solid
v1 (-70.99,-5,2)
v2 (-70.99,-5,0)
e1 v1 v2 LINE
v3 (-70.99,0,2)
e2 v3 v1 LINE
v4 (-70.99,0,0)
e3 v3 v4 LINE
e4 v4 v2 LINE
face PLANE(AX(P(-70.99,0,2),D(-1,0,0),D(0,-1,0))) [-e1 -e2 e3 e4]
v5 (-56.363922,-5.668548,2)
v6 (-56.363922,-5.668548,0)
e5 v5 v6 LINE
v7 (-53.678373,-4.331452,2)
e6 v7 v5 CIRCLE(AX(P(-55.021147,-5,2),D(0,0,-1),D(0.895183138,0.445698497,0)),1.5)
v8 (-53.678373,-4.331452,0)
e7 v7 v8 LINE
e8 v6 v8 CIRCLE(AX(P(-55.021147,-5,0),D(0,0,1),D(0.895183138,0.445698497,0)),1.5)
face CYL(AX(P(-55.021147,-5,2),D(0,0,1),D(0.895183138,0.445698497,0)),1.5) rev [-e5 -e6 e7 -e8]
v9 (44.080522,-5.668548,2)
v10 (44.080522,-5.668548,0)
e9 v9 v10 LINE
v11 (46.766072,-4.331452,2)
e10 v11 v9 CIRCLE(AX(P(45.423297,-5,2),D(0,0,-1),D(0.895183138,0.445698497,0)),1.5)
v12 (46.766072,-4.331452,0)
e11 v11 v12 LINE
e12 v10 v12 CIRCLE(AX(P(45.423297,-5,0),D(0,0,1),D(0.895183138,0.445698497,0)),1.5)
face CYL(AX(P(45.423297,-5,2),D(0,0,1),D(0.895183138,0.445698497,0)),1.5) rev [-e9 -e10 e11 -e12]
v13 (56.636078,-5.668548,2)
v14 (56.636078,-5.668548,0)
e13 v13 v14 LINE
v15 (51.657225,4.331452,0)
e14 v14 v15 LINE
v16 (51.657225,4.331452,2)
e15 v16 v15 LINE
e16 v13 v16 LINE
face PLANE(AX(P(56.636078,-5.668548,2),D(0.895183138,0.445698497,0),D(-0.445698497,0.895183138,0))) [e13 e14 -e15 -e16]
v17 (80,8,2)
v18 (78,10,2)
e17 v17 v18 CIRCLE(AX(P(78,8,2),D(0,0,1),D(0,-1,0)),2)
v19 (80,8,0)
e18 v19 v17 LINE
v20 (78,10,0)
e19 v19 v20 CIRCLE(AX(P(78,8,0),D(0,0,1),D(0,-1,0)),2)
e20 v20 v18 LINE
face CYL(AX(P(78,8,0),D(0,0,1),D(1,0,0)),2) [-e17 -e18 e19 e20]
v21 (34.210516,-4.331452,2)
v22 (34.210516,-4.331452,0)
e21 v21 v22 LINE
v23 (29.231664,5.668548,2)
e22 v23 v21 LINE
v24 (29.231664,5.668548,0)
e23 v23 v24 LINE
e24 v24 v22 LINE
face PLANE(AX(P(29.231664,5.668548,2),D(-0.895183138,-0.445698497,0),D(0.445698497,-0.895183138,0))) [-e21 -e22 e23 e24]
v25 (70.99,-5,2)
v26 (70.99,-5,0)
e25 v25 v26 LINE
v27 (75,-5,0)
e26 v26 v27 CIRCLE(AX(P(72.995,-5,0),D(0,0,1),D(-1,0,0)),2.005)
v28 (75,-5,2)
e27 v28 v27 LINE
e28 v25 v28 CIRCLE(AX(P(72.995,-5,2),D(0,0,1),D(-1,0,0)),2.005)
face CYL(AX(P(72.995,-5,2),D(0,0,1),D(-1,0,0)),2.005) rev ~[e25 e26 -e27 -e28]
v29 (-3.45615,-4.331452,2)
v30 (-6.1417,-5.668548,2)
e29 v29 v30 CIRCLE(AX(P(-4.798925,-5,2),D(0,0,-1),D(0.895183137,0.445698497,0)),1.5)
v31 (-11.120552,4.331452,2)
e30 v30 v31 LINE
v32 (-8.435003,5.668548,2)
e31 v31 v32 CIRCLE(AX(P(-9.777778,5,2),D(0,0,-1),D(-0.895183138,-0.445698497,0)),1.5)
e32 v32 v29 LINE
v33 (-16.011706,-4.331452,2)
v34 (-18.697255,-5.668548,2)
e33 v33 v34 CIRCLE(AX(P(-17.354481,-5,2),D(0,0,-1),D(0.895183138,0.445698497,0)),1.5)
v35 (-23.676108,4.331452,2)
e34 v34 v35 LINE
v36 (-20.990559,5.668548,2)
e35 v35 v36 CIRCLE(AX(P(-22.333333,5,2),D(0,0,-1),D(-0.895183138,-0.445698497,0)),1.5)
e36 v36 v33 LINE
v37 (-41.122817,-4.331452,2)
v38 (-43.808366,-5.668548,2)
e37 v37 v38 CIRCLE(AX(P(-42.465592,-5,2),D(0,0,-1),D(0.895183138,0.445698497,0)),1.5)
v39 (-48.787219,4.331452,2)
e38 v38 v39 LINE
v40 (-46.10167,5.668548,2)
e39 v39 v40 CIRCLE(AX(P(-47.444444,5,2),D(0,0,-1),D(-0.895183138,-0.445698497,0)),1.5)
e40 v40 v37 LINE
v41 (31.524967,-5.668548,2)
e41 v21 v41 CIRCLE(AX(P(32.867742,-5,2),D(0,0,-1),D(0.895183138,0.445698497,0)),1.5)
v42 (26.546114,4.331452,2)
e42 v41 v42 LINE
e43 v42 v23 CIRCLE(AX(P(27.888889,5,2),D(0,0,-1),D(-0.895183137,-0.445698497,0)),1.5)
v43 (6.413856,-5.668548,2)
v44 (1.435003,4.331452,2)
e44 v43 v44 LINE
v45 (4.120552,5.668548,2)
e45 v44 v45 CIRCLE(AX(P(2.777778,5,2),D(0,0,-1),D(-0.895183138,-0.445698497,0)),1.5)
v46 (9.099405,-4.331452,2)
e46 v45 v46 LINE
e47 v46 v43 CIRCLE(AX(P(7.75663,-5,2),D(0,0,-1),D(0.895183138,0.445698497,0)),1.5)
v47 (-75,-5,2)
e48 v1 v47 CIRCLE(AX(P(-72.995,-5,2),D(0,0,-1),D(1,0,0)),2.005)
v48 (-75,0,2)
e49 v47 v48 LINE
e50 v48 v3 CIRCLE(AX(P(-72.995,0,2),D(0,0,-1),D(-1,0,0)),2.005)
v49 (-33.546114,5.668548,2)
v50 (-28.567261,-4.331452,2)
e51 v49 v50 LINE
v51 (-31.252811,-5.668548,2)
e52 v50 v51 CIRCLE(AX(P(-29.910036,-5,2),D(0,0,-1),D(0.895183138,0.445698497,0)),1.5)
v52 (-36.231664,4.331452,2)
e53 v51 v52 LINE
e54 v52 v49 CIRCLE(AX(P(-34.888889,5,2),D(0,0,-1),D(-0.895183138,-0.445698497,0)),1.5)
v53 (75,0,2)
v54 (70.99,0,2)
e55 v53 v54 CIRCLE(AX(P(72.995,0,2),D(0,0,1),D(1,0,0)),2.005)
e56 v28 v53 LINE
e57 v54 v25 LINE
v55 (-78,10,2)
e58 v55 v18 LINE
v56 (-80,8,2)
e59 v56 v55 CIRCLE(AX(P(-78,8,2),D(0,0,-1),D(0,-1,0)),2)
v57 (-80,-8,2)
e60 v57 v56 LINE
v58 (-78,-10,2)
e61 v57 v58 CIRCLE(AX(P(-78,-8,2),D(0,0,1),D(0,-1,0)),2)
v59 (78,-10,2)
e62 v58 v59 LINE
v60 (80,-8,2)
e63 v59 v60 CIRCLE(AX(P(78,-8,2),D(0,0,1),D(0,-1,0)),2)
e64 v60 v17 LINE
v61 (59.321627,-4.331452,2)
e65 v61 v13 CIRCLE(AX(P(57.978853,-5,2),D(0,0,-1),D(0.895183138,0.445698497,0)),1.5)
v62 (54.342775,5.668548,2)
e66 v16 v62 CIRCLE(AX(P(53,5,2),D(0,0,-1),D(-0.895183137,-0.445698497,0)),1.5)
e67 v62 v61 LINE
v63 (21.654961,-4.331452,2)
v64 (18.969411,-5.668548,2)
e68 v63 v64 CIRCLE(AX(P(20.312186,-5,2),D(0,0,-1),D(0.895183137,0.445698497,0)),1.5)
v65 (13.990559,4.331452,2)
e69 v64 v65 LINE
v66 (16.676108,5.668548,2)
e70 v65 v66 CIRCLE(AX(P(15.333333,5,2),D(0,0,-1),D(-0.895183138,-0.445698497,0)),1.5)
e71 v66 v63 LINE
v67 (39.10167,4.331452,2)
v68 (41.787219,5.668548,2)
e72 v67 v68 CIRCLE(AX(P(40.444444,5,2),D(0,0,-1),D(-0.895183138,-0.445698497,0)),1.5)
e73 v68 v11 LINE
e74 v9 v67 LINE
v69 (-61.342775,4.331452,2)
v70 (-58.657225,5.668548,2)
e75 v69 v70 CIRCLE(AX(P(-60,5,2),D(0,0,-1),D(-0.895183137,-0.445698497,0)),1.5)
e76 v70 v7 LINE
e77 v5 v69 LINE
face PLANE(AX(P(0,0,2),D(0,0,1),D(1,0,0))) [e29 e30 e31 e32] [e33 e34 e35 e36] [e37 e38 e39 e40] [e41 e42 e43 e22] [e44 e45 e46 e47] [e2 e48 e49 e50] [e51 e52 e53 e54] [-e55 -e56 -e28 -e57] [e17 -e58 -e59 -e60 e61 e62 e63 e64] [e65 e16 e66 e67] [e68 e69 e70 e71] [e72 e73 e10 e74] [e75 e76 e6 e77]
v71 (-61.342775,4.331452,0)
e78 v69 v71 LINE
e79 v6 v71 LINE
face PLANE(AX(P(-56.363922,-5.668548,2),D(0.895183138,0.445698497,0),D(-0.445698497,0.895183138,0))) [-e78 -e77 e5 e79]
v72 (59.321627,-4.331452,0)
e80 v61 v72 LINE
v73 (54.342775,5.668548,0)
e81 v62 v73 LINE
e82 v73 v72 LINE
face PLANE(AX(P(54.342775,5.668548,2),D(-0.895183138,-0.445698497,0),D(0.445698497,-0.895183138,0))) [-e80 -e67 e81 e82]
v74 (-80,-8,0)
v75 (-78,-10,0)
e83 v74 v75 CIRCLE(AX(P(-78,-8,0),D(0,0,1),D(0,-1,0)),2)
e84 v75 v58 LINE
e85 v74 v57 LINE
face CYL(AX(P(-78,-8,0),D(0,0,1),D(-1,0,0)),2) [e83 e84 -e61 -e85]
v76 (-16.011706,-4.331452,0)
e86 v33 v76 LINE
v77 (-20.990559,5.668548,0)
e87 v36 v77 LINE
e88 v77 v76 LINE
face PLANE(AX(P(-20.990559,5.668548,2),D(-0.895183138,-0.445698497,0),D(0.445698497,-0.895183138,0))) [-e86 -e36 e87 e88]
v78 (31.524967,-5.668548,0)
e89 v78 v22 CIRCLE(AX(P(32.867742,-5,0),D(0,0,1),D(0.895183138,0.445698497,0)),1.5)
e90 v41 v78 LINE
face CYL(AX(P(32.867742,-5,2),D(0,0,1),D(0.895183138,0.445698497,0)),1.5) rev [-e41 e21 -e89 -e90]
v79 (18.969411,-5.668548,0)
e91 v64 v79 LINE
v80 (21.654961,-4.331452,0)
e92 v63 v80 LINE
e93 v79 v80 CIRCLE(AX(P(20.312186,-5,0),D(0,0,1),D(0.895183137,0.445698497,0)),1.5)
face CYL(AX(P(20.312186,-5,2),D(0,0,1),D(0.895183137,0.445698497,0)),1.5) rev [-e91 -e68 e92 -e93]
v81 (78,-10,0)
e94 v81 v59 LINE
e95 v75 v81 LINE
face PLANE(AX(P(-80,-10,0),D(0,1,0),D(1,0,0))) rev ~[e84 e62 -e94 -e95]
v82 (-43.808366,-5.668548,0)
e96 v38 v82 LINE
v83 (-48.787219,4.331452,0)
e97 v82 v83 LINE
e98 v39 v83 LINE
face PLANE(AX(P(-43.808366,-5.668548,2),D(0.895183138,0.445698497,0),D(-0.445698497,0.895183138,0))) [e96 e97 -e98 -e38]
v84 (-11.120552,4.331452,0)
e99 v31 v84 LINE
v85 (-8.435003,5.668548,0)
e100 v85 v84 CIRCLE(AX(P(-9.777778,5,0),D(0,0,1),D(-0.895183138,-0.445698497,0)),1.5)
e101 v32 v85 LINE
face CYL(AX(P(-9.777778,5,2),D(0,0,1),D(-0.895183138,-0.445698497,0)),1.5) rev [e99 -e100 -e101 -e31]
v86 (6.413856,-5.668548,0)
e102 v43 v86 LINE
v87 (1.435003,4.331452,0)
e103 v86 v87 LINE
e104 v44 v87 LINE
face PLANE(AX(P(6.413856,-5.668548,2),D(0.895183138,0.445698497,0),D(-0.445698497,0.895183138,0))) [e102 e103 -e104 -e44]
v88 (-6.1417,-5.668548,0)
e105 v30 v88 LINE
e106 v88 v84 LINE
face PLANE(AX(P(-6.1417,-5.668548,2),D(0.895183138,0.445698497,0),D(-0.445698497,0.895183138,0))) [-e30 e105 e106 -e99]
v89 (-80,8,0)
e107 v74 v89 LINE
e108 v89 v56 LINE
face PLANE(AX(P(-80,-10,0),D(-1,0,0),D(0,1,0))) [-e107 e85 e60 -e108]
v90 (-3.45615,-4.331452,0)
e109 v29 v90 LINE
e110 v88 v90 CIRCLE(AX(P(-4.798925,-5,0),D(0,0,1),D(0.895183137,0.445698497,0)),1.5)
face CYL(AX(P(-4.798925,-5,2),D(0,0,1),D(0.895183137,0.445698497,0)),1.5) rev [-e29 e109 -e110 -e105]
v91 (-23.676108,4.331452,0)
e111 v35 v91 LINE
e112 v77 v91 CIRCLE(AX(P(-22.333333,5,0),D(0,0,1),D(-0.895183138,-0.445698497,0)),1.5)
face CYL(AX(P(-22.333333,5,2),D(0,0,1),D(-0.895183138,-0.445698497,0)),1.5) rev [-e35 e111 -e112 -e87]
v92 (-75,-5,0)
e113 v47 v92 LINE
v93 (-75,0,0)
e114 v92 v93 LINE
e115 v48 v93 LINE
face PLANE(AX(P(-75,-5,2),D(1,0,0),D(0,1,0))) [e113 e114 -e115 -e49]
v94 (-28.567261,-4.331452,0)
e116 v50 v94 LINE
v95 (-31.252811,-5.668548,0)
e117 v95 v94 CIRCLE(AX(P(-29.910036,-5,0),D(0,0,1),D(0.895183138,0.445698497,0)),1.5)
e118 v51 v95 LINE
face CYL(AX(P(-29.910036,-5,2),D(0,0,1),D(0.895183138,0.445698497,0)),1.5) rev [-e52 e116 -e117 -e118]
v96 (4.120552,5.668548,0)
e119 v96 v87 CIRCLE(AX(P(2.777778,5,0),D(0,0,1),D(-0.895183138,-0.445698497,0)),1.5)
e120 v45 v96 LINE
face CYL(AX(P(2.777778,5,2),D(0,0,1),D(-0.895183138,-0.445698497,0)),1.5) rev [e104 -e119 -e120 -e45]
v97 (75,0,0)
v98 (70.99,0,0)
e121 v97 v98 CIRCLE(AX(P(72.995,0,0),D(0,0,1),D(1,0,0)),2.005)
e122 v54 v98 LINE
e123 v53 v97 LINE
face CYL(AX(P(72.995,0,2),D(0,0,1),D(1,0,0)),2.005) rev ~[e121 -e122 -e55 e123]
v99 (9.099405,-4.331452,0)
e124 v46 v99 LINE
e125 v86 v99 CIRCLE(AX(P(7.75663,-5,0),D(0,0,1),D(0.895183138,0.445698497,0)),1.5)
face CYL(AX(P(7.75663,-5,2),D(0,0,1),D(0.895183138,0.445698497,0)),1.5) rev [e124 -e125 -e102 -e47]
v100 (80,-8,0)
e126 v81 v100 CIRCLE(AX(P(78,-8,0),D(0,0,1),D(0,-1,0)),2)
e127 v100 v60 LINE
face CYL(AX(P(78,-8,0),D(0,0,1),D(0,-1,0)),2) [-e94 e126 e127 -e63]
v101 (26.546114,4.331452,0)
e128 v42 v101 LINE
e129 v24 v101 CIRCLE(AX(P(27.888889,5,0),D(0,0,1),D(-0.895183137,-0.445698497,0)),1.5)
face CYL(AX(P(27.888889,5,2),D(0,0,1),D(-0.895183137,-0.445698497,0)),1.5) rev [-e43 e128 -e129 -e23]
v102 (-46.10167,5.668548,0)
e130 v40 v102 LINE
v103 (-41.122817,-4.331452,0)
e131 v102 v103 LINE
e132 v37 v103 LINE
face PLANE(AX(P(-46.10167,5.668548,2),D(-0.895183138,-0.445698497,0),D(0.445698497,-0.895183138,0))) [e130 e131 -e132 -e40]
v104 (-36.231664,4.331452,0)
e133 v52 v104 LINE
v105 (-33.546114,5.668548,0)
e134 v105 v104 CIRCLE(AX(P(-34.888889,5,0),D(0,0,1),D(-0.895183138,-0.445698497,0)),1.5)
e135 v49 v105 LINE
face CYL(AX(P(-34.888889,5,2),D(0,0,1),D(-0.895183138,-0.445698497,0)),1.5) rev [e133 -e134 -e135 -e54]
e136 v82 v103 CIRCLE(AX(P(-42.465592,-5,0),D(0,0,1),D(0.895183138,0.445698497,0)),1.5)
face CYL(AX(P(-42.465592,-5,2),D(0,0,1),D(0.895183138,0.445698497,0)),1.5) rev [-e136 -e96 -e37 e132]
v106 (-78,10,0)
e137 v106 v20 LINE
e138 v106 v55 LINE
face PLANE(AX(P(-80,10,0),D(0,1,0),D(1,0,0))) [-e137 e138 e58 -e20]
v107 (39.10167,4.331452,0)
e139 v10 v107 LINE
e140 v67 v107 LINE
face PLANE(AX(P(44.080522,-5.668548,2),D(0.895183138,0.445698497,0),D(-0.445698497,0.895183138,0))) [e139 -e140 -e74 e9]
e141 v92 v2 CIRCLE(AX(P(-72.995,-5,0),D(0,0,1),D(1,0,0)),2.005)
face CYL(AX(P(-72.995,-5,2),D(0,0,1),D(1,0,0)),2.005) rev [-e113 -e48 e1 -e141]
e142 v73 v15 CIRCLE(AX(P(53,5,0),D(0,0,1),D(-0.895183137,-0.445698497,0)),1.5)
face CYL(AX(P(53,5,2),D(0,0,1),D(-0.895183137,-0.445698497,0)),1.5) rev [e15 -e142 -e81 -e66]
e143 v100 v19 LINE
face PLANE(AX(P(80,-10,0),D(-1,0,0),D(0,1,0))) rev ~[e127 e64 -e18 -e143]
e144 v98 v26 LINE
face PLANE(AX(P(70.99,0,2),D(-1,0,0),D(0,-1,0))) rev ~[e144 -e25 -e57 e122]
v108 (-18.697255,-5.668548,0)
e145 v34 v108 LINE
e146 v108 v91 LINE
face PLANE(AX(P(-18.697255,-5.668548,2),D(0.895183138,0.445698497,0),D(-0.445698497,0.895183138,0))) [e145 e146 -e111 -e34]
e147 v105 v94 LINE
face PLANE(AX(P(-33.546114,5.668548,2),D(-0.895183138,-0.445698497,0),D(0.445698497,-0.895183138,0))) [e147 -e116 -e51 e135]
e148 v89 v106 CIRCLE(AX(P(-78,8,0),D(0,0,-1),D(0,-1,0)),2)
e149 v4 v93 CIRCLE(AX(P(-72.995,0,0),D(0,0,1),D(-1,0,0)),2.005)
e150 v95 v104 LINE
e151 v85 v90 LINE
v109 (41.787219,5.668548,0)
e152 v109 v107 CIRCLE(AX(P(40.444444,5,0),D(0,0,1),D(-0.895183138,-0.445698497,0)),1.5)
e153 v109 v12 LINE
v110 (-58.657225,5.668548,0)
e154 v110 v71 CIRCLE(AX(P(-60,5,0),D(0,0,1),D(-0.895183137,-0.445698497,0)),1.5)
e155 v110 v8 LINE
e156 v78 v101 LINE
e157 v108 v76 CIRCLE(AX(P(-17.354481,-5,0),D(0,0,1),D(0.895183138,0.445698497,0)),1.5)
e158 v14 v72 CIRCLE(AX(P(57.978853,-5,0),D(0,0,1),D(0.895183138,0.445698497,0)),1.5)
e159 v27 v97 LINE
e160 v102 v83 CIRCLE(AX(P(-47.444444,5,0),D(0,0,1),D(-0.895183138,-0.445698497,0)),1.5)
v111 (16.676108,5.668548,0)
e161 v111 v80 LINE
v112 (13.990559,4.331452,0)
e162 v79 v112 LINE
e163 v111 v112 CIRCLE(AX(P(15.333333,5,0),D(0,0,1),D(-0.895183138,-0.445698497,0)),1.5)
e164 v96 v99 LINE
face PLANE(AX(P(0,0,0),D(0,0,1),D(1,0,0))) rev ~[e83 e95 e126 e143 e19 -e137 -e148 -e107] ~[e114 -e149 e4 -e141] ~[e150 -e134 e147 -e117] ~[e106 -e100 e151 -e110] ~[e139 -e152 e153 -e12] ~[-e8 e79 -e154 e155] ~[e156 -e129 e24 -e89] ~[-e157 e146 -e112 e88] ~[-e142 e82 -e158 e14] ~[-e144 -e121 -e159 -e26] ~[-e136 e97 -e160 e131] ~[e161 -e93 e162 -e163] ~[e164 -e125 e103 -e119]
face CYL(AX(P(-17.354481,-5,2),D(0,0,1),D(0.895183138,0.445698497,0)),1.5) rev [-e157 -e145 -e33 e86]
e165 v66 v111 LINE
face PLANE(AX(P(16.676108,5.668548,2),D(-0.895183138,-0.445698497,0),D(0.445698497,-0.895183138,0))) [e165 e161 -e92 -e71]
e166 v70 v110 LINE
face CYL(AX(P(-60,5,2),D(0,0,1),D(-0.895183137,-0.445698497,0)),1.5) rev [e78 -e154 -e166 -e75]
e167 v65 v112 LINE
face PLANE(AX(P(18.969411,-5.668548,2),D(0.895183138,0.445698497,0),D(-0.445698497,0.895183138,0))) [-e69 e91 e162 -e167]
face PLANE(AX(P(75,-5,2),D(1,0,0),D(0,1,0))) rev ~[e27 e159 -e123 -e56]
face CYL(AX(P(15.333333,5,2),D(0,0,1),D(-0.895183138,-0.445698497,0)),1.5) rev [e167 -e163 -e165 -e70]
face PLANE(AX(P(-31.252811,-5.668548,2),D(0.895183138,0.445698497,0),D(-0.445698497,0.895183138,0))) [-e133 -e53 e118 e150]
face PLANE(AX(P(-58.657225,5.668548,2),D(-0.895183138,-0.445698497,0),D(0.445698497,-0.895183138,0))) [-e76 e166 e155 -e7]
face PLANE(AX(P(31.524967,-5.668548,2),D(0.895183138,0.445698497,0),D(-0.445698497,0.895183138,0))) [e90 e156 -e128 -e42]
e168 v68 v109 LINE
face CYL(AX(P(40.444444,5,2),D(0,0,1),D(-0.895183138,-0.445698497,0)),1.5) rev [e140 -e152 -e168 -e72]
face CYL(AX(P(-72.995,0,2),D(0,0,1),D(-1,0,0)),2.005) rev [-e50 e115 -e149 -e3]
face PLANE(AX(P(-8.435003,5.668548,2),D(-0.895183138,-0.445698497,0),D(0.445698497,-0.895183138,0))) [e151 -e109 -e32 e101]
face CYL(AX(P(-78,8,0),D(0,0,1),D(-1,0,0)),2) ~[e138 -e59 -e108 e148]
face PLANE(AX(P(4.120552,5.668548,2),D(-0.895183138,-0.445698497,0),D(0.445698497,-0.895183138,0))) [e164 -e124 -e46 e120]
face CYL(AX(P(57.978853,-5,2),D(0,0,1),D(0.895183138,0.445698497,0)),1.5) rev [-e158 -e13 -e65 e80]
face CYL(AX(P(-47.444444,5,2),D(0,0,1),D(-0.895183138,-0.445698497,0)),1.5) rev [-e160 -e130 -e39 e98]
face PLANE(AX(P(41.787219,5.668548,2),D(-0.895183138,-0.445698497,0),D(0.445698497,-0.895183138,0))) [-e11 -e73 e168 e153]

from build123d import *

# Parameters (mm, degrees)
SKETCH1_W           = 160
SKETCH1_H           = 20
BOSS_EXTRUDE1_DEPTH = 2
FILLET1_R           = 2
CUT_EXTRUDE1_DEPTH  = 81.647380615
CUT_EXTRUDE2_DEPTH  = 10


with BuildPart() as part:
    # Sketch1 → Boss-Extrude1 (new body)
    with BuildSketch(Plane.XY):
        Rectangle(SKETCH1_W, SKETCH1_H)
    extrude(amount=BOSS_EXTRUDE1_DEPTH)

    # Fillet1
    fillet1_edges = [part.edges().sort_by_distance(p)[0] for p in [
        (80, -10, 1),
        (-80, -10, 1),
        (-80, 10, 1),
        (80, 10, 1),
    ]]
    fillet(fillet1_edges, radius=FILLET1_R)

    # Sketch2 → Cut-Extrude1 (cut, through all)
    with BuildSketch(Plane.XY.offset(2)):
        with BuildLine():
            Line((-70.99, 0), (-70.99, -5))
            ThreePointArc((-70.99, -5), (-72.995, -7.005), (-75, -5))
            Line((-75, -5), (-75, 0))
            ThreePointArc((-75, 0), (-72.995, 2.005), (-70.99, 0))
        make_face()
        with BuildLine():
            Line((70.99, 0), (70.99, -5))
            ThreePointArc((70.99, -5), (72.995, -7.005), (75, -5))
            Line((75, -5), (75, 0))
            ThreePointArc((75, 0), (72.995, 2.005), (70.99, 0))
        make_face()
    extrude(amount=-CUT_EXTRUDE1_DEPTH, mode=Mode.SUBTRACT)

    # Sketch3 → Cut-Extrude2 (cut)
    with BuildSketch(Plane.XY.offset(2)):
        with BuildLine():
            Line((-58.657225294, 5.668547746), (-53.678372606, -4.331452254))
            ThreePointArc((-53.678372606, -4.331452254), (-54.352599567, -6.342774706), (-56.363922019, -5.668547746))
            Line((-56.363922019, -5.668547746), (-61.342774706, 4.331452254))
            ThreePointArc((-61.342774706, 4.331452254), (-60.668547746, 6.342774706), (-58.657225294, 5.668547746))
        make_face()
        with BuildLine():
            Line((-46.101669738, 5.668547746), (-41.12281705, -4.331452254))
            ThreePointArc((-41.12281705, -4.331452254), (-41.797044011, -6.342774706), (-43.808366463, -5.668547746))
            Line((-43.808366463, -5.668547746), (-48.787219151, 4.331452254))
            ThreePointArc((-48.787219151, 4.331452254), (-48.11299219, 6.342774706), (-46.101669738, 5.668547746))
        make_face()
        with BuildLine():
            Line((-33.546114183, 5.668547746), (-28.567261495, -4.331452254))
            ThreePointArc((-28.567261495, -4.331452254), (-29.241488456, -6.342774706), (-31.252810907, -5.668547746))
            Line((-31.252810907, -5.668547746), (-36.231663595, 4.331452254))
            ThreePointArc((-36.231663595, 4.331452254), (-35.557436634, 6.342774706), (-33.546114183, 5.668547746))
        make_face()
        with BuildLine():
            Line((-20.990558627, 5.668547746), (-16.011705939, -4.331452254))
            ThreePointArc((-16.011705939, -4.331452254), (-16.6859329, -6.342774706), (-18.697255352, -5.668547746))
            Line((-18.697255352, -5.668547746), (-23.67610804, 4.331452254))
            ThreePointArc((-23.67610804, 4.331452254), (-23.001881079, 6.342774706), (-20.990558627, 5.668547746))
        make_face()
        with BuildLine():
            Line((-8.435003071, 5.668547746), (-3.456150384, -4.331452254))
            ThreePointArc((-3.456150384, -4.331452254), (-4.130377344, -6.342774706), (-6.141699796, -5.668547746))
            Line((-6.141699796, -5.668547746), (-11.120552484, 4.331452254))
            ThreePointArc((-11.120552484, 4.331452254), (-10.446325523, 6.342774706), (-8.435003071, 5.668547746))
        make_face()
        with BuildLine():
            Line((4.120552484, 5.668547746), (9.099405172, -4.331452254))
            ThreePointArc((9.099405172, -4.331452254), (8.425178211, -6.342774706), (6.413855759, -5.668547746))
            Line((6.413855759, -5.668547746), (1.435003071, 4.331452254))
            ThreePointArc((1.435003071, 4.331452254), (2.109230032, 6.342774706), (4.120552484, 5.668547746))
        make_face()
        with BuildLine():
            Line((16.67610804, 5.668547746), (21.654960727, -4.331452254))
            ThreePointArc((21.654960727, -4.331452254), (20.980733767, -6.342774706), (18.969411315, -5.668547746))
            Line((18.969411315, -5.668547746), (13.990558627, 4.331452254))
            ThreePointArc((13.990558627, 4.331452254), (14.664785588, 6.342774706), (16.67610804, 5.668547746))
        make_face()
        with BuildLine():
            Line((29.231663595, 5.668547746), (34.210516283, -4.331452254))
            ThreePointArc((34.210516283, -4.331452254), (33.536289322, -6.342774706), (31.52496687, -5.668547746))
            Line((31.52496687, -5.668547746), (26.546114183, 4.331452254))
            ThreePointArc((26.546114183, 4.331452254), (27.220341143, 6.342774706), (29.231663595, 5.668547746))
        make_face()
        with BuildLine():
            Line((41.787219151, 5.668547746), (46.766071839, -4.331452254))
            ThreePointArc((46.766071839, -4.331452254), (46.091844878, -6.342774706), (44.080522426, -5.668547746))
            Line((44.080522426, -5.668547746), (39.101669738, 4.331452254))
            ThreePointArc((39.101669738, 4.331452254), (39.775896699, 6.342774706), (41.787219151, 5.668547746))
        make_face()
        with BuildLine():
            Line((54.342774706, 5.668547746), (59.321627394, -4.331452254))
            ThreePointArc((59.321627394, -4.331452254), (58.647400433, -6.342774706), (56.636077981, -5.668547746))
            Line((56.636077981, -5.668547746), (51.657225294, 4.331452254))
            ThreePointArc((51.657225294, 4.331452254), (52.331452254, 6.342774706), (54.342774706, 5.668547746))
        make_face()
    extrude(amount=-CUT_EXTRUDE2_DEPTH, mode=Mode.SUBTRACT)


solid = part.part
